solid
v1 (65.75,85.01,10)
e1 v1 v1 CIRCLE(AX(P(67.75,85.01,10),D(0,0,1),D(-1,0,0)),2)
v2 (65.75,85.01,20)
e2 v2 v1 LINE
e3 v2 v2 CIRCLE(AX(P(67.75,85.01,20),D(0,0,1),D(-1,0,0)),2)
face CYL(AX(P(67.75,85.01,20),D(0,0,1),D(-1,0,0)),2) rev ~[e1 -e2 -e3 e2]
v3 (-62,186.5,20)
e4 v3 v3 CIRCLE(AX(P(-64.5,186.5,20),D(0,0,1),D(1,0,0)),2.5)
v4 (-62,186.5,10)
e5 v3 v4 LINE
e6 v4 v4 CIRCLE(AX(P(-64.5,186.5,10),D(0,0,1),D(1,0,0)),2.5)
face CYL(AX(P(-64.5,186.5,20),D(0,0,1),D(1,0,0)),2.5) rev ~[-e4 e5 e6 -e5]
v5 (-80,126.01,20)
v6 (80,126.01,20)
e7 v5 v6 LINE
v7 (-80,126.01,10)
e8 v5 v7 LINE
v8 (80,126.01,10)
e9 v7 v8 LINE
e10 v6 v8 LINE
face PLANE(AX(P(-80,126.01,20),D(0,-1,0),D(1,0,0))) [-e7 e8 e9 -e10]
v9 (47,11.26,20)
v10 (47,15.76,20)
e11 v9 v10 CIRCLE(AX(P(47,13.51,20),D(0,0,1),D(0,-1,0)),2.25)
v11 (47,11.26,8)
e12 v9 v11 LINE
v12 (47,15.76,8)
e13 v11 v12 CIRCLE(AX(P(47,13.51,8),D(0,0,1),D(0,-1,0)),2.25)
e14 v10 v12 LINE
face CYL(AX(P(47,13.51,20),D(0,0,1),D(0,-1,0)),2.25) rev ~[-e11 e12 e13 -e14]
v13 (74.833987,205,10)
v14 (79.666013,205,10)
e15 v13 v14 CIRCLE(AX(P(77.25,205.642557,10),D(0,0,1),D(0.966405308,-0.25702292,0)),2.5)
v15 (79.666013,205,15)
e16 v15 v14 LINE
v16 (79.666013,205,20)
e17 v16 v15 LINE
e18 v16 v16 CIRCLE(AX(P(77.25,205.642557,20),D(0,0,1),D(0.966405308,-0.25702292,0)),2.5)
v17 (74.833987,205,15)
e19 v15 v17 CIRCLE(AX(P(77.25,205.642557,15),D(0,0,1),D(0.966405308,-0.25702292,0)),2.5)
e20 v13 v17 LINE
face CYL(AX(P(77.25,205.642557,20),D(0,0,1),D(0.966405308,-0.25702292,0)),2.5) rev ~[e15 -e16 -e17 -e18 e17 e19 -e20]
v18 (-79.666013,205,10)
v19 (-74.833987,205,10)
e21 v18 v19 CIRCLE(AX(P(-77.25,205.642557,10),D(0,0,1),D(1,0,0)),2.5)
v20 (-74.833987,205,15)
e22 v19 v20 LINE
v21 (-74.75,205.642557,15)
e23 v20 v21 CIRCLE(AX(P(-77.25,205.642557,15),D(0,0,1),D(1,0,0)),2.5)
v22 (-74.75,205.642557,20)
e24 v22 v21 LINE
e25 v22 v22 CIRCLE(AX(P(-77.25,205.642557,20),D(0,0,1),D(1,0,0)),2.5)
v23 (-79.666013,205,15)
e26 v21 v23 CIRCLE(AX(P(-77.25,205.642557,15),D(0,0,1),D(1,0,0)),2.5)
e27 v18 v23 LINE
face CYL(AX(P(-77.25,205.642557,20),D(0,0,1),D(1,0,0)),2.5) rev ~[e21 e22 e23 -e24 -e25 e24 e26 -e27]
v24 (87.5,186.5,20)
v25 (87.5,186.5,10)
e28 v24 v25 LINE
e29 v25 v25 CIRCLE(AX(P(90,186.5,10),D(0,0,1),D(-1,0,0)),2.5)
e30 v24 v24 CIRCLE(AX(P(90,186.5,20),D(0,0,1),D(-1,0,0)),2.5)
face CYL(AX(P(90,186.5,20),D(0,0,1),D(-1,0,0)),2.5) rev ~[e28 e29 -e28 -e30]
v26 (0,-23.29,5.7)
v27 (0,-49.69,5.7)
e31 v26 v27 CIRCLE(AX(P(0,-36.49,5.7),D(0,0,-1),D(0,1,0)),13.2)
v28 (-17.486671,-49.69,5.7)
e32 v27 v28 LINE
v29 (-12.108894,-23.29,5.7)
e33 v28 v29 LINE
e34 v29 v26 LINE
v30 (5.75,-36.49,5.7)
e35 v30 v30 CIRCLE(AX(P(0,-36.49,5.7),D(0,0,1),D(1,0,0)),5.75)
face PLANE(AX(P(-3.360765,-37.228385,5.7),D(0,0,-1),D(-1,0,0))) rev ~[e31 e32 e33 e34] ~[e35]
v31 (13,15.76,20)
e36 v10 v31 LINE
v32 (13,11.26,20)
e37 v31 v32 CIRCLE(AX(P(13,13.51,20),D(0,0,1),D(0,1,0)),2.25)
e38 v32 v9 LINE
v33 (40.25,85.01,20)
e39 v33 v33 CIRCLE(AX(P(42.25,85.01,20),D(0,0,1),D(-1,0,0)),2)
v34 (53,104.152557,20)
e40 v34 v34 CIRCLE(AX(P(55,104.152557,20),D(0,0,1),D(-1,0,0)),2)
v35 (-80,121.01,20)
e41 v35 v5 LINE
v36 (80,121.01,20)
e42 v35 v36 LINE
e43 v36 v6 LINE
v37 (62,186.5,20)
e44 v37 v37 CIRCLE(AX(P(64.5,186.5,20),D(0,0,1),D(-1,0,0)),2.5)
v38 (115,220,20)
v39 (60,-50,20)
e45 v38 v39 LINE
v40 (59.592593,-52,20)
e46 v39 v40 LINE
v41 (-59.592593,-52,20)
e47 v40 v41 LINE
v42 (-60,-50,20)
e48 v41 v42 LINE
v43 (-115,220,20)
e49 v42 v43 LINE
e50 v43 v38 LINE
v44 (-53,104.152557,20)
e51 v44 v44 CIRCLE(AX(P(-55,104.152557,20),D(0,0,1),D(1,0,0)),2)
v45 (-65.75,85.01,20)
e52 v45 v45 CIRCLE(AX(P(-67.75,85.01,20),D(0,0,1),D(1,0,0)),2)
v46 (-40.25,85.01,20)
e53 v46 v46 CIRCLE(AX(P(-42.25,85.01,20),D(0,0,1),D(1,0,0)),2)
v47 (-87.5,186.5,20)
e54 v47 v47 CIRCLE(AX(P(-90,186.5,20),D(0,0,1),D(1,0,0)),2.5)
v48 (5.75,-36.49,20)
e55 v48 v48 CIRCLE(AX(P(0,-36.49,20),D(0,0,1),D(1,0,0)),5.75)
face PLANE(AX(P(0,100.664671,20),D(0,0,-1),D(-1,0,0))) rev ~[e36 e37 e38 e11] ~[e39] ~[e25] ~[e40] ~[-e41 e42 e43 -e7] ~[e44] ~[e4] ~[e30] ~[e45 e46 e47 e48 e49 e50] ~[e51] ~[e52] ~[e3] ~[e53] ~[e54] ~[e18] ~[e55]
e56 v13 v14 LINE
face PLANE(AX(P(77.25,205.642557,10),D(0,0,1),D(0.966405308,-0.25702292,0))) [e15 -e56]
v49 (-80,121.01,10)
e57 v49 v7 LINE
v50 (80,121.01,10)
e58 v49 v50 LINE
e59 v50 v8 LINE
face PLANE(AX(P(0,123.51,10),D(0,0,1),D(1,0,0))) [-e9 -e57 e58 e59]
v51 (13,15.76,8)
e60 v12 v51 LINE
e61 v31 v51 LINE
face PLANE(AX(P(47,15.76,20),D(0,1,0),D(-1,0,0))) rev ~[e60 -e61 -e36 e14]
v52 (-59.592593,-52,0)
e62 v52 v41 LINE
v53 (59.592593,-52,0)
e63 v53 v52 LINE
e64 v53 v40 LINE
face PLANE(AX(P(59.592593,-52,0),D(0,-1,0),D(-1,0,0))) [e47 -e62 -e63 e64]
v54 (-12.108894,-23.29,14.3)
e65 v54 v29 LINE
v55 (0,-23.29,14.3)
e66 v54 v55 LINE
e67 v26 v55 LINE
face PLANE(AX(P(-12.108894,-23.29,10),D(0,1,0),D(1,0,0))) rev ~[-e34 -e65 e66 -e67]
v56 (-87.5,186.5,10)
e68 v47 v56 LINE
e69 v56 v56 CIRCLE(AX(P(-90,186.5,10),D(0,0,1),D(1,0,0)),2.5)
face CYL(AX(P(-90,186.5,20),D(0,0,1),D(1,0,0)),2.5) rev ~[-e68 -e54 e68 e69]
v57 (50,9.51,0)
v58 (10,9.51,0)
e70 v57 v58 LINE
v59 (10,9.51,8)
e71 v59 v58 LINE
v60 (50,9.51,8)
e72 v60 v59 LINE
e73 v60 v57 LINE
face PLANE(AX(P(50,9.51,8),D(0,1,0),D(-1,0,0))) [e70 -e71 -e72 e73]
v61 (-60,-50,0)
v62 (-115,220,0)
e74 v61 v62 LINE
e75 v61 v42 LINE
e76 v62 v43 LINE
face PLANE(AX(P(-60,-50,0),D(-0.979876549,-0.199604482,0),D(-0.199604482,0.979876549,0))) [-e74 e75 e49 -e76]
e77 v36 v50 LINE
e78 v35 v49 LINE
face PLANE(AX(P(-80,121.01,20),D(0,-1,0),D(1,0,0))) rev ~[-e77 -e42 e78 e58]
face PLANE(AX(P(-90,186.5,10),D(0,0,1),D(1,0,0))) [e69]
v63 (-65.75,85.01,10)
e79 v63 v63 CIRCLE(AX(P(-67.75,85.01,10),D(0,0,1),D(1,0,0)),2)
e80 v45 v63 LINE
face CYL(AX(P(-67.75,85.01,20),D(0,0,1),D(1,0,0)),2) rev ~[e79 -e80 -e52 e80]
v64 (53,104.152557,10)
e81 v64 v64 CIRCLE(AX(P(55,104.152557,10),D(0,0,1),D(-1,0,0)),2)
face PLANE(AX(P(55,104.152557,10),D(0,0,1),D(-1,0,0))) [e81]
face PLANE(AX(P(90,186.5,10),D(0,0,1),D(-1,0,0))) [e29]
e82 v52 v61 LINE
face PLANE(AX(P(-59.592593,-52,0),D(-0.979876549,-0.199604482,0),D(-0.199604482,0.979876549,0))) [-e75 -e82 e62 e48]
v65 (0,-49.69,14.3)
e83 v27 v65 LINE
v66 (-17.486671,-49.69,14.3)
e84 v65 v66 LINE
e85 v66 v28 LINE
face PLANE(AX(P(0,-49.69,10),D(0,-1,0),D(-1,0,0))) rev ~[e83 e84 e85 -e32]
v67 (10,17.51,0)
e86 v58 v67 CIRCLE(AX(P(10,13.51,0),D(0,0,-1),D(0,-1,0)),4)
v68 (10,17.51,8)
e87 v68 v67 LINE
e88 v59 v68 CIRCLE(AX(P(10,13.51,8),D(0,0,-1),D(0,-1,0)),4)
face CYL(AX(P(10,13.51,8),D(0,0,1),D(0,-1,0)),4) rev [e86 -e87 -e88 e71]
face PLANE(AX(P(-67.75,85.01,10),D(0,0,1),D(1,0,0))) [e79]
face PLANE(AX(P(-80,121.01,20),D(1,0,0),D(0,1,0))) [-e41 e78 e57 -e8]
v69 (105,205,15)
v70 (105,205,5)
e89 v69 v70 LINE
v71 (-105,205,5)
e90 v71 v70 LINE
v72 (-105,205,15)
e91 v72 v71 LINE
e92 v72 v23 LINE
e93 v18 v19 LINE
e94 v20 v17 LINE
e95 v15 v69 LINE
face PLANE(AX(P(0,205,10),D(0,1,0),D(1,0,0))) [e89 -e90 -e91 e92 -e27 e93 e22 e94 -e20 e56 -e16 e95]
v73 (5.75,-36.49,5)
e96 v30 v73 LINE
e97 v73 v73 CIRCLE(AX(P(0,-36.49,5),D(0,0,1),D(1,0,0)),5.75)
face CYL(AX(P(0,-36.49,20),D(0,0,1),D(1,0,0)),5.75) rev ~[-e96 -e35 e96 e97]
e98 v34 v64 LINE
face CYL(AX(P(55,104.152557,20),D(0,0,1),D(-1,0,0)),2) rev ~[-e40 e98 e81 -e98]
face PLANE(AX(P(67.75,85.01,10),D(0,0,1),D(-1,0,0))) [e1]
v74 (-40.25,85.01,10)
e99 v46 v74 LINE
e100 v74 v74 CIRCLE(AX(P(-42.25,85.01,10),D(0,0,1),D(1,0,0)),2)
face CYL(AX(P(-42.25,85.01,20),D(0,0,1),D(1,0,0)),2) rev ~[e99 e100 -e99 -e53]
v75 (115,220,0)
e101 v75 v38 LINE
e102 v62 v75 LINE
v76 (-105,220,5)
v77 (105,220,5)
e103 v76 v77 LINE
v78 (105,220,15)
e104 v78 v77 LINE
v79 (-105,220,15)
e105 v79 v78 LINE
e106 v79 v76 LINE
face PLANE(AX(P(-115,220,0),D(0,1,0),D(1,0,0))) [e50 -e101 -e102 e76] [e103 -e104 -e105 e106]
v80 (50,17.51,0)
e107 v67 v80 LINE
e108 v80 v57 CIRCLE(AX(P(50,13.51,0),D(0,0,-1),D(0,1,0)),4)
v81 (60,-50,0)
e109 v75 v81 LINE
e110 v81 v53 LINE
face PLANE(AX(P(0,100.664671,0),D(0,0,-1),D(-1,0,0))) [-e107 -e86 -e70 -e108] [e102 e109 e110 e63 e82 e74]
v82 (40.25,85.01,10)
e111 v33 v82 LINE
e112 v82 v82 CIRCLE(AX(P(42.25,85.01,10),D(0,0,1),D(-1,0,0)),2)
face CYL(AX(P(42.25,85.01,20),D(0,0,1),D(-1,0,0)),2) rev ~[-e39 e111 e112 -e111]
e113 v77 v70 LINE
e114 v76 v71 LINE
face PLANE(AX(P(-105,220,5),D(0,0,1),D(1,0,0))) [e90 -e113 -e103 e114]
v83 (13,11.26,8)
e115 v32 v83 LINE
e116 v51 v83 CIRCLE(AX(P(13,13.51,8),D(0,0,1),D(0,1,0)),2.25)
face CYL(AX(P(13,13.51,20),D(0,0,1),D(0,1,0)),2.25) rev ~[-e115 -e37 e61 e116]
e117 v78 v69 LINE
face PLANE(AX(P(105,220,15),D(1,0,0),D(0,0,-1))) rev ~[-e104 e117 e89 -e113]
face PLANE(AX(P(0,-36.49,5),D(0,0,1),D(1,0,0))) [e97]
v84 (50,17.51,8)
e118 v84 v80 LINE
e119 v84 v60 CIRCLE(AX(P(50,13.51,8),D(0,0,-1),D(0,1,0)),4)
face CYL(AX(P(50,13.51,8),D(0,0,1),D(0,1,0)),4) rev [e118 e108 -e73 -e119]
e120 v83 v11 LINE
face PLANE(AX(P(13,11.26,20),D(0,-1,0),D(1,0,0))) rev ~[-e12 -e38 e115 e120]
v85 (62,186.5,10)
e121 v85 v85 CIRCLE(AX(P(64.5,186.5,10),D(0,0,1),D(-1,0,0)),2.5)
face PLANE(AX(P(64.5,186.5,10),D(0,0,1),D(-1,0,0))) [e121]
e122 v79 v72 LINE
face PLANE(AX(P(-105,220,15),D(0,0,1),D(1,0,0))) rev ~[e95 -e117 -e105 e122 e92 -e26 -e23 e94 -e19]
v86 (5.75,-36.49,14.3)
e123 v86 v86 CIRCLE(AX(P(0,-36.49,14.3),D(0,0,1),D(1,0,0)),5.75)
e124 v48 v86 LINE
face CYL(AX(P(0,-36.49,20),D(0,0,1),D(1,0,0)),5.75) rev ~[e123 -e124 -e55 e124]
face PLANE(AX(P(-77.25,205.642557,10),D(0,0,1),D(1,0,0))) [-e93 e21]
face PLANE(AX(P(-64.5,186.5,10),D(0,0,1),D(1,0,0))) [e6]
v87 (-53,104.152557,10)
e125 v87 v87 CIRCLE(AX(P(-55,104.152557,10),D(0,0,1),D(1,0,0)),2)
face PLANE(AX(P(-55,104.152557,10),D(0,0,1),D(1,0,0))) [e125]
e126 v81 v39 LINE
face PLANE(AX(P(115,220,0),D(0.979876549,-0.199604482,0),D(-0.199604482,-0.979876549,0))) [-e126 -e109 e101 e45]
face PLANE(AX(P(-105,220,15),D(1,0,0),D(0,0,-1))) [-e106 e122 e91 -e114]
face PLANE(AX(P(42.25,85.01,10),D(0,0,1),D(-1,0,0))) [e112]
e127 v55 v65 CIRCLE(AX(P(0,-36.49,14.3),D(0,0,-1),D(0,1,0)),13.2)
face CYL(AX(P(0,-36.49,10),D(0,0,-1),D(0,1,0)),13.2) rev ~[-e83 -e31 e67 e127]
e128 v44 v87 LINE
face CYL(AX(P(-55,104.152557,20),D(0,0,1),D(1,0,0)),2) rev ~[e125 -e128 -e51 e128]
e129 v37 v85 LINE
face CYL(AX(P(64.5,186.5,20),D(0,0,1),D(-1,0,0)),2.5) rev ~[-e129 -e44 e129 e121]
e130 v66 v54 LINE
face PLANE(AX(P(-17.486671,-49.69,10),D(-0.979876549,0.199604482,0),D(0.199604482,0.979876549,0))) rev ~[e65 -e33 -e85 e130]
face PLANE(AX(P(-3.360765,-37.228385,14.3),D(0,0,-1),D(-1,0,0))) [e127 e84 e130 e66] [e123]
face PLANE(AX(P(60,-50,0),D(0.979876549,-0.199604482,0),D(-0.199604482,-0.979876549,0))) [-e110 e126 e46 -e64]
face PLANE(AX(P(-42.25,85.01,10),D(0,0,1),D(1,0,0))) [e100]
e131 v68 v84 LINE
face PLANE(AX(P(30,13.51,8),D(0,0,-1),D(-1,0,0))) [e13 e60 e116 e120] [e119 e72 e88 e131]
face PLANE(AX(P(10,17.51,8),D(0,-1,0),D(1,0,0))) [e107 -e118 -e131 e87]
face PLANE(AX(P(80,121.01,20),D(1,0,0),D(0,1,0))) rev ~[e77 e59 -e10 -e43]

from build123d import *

# Parameters (mm, degrees)
EXTRUDE_1_DEPTH     = 20
SKETCH_3_W          = 210
SKETCH_3_H          = 10
CUT_EXTRUDE_1_DEPTH = 15
SKETCH_4_W          = 160
SKETCH_4_H          = 5
CUT_EXTRUDE_2_DEPTH = 10
SKETCH_5_R          = 2.5
SKETCH_5_R_2        = 2
CUT_EXTRUDE_3_DEPTH = 10
CUT_EXTRUDE_4_DEPTH = 4.3
SKETCH_8_R          = 5.75
CUT_EXTRUDE_6_DEPTH = 15
CUT_EXTRUDE_7_DEPTH = 250.048188108
CUT_EXTRUDE_START   = -8
CUT_EXTRUDE_8_DEPTH = 8


with BuildPart() as part:
    # 草图1 → 凸台-拉伸1 (new body)
    with BuildSketch(Plane.XY):
        Polygon((-115, 220), (115, 220), (60, -50), (59.592592593, -52), (-59.592592593, -52), (-60, -50), align=None)
    extrude(amount=EXTRUDE_1_DEPTH)

    # 草图3 → 切除-拉伸1 (cut)
    with BuildSketch(Plane(origin=(0, 220, 0), x_dir=(1, 0, 0), z_dir=(0, 1, 0))):
        with Locations((0, -10)):
            Rectangle(SKETCH_3_W, SKETCH_3_H)
    extrude(amount=-CUT_EXTRUDE_1_DEPTH, mode=Mode.SUBTRACT)

    # 草图4 → 切除-拉伸2 (cut)
    with BuildSketch(Plane.XY.offset(20)):
        with Locations((0, 123.51)):
            Rectangle(SKETCH_4_W, SKETCH_4_H)
    extrude(amount=-CUT_EXTRUDE_2_DEPTH, mode=Mode.SUBTRACT)

    # 草图5 → 切除-拉伸3 (cut)
    with BuildSketch(Plane.XY.offset(20)):
        with Locations((-77.25, 205.6425573)):
            Circle(SKETCH_5_R)
        with Locations((-90, 186.5)):
            Circle(SKETCH_5_R)
        with Locations((-64.5, 186.5)):
            Circle(SKETCH_5_R)
        with Locations((-55, 104.1525573)):
            Circle(SKETCH_5_R_2)
        with Locations((-67.75, 85.01)):
            Circle(SKETCH_5_R_2)
        with Locations((-42.25, 85.01)):
            Circle(SKETCH_5_R_2)
        with Locations(Location((42.25, 85.01, 0), (0, 0, 180))):
            Circle(SKETCH_5_R_2)
        with Locations(Location((67.75, 85.01, 0), (0, 0, 180))):
            Circle(SKETCH_5_R_2)
        with Locations(Location((55, 104.1525573, 0), (0, 0, 180))):
            Circle(SKETCH_5_R_2)
        with Locations(Location((64.5, 186.5, 0), (0, 0, 180))):
            Circle(SKETCH_5_R)
        with Locations(Location((90, 186.5, 0), (0, 0, 180))):
            Circle(SKETCH_5_R)
        with Locations(Location((77.25, 205.6425573, 0), (0, 0, 345.106514196))):
            Circle(SKETCH_5_R)
    extrude(amount=-CUT_EXTRUDE_3_DEPTH, mode=Mode.SUBTRACT)

    # 草图6 → 切除-拉伸4 (cut, symmetric)
    with BuildSketch(Plane(origin=(0, 0, 10), x_dir=(-1, 0, 0), z_dir=(0, 0, -1))):
        with BuildLine():
            Line((0, -49.69), (17.486671343, -49.69))
            Line((17.486671343, -49.69), (12.108893566, -23.29))
            Line((12.108893566, -23.29), (0, -23.29))
            ThreePointArc((0, -23.29), (-13.2, -36.49), (0, -49.69))
        make_face()
    extrude(amount=CUT_EXTRUDE_4_DEPTH, both=True, mode=Mode.SUBTRACT)

    # 草图8 → 切除-拉伸6 (cut)
    with BuildSketch(Plane.XY.offset(20)):
        with Locations((0, -36.49)):
            Circle(SKETCH_8_R)
    extrude(amount=-CUT_EXTRUDE_6_DEPTH, mode=Mode.SUBTRACT)

    # 草图9 → 切除-拉伸7 (cut, through all)
    with BuildSketch(Plane.XY.offset(20)):
        with BuildLine():
            Line((13, 11.26), (47, 11.26))
            ThreePointArc((47, 11.26), (49.25, 13.51), (47, 15.76))
            Line((47, 15.76), (13, 15.76))
            ThreePointArc((13, 15.76), (10.75, 13.51), (13, 11.26))
        make_face()
    extrude(amount=-CUT_EXTRUDE_7_DEPTH, mode=Mode.SUBTRACT)

    # 草图10 → 切除-拉伸8 (cut)
    with BuildSketch(Plane(origin=(0, 0, 0), x_dir=(-1, 0, 0), z_dir=(0, 0, -1)).offset(CUT_EXTRUDE_START)):
        with BuildLine():
            Line((-50, 9.51), (-10, 9.51))
            ThreePointArc((-10, 9.51), (-6, 13.51), (-10, 17.51))
            Line((-10, 17.51), (-50, 17.51))
            ThreePointArc((-50, 17.51), (-54, 13.51), (-50, 9.51))
        make_face()
        with BuildLine():
            Line((-47, 15.76), (-13, 15.76))
            ThreePointArc((-13, 15.76), (-10.75, 13.51), (-13, 11.26))
            Line((-13, 11.26), (-47, 11.26))
            ThreePointArc((-47, 11.26), (-49.25, 13.51), (-47, 15.76))
        make_face(mode=Mode.SUBTRACT)
    extrude(amount=CUT_EXTRUDE_8_DEPTH, mode=Mode.SUBTRACT)


solid = part.part
